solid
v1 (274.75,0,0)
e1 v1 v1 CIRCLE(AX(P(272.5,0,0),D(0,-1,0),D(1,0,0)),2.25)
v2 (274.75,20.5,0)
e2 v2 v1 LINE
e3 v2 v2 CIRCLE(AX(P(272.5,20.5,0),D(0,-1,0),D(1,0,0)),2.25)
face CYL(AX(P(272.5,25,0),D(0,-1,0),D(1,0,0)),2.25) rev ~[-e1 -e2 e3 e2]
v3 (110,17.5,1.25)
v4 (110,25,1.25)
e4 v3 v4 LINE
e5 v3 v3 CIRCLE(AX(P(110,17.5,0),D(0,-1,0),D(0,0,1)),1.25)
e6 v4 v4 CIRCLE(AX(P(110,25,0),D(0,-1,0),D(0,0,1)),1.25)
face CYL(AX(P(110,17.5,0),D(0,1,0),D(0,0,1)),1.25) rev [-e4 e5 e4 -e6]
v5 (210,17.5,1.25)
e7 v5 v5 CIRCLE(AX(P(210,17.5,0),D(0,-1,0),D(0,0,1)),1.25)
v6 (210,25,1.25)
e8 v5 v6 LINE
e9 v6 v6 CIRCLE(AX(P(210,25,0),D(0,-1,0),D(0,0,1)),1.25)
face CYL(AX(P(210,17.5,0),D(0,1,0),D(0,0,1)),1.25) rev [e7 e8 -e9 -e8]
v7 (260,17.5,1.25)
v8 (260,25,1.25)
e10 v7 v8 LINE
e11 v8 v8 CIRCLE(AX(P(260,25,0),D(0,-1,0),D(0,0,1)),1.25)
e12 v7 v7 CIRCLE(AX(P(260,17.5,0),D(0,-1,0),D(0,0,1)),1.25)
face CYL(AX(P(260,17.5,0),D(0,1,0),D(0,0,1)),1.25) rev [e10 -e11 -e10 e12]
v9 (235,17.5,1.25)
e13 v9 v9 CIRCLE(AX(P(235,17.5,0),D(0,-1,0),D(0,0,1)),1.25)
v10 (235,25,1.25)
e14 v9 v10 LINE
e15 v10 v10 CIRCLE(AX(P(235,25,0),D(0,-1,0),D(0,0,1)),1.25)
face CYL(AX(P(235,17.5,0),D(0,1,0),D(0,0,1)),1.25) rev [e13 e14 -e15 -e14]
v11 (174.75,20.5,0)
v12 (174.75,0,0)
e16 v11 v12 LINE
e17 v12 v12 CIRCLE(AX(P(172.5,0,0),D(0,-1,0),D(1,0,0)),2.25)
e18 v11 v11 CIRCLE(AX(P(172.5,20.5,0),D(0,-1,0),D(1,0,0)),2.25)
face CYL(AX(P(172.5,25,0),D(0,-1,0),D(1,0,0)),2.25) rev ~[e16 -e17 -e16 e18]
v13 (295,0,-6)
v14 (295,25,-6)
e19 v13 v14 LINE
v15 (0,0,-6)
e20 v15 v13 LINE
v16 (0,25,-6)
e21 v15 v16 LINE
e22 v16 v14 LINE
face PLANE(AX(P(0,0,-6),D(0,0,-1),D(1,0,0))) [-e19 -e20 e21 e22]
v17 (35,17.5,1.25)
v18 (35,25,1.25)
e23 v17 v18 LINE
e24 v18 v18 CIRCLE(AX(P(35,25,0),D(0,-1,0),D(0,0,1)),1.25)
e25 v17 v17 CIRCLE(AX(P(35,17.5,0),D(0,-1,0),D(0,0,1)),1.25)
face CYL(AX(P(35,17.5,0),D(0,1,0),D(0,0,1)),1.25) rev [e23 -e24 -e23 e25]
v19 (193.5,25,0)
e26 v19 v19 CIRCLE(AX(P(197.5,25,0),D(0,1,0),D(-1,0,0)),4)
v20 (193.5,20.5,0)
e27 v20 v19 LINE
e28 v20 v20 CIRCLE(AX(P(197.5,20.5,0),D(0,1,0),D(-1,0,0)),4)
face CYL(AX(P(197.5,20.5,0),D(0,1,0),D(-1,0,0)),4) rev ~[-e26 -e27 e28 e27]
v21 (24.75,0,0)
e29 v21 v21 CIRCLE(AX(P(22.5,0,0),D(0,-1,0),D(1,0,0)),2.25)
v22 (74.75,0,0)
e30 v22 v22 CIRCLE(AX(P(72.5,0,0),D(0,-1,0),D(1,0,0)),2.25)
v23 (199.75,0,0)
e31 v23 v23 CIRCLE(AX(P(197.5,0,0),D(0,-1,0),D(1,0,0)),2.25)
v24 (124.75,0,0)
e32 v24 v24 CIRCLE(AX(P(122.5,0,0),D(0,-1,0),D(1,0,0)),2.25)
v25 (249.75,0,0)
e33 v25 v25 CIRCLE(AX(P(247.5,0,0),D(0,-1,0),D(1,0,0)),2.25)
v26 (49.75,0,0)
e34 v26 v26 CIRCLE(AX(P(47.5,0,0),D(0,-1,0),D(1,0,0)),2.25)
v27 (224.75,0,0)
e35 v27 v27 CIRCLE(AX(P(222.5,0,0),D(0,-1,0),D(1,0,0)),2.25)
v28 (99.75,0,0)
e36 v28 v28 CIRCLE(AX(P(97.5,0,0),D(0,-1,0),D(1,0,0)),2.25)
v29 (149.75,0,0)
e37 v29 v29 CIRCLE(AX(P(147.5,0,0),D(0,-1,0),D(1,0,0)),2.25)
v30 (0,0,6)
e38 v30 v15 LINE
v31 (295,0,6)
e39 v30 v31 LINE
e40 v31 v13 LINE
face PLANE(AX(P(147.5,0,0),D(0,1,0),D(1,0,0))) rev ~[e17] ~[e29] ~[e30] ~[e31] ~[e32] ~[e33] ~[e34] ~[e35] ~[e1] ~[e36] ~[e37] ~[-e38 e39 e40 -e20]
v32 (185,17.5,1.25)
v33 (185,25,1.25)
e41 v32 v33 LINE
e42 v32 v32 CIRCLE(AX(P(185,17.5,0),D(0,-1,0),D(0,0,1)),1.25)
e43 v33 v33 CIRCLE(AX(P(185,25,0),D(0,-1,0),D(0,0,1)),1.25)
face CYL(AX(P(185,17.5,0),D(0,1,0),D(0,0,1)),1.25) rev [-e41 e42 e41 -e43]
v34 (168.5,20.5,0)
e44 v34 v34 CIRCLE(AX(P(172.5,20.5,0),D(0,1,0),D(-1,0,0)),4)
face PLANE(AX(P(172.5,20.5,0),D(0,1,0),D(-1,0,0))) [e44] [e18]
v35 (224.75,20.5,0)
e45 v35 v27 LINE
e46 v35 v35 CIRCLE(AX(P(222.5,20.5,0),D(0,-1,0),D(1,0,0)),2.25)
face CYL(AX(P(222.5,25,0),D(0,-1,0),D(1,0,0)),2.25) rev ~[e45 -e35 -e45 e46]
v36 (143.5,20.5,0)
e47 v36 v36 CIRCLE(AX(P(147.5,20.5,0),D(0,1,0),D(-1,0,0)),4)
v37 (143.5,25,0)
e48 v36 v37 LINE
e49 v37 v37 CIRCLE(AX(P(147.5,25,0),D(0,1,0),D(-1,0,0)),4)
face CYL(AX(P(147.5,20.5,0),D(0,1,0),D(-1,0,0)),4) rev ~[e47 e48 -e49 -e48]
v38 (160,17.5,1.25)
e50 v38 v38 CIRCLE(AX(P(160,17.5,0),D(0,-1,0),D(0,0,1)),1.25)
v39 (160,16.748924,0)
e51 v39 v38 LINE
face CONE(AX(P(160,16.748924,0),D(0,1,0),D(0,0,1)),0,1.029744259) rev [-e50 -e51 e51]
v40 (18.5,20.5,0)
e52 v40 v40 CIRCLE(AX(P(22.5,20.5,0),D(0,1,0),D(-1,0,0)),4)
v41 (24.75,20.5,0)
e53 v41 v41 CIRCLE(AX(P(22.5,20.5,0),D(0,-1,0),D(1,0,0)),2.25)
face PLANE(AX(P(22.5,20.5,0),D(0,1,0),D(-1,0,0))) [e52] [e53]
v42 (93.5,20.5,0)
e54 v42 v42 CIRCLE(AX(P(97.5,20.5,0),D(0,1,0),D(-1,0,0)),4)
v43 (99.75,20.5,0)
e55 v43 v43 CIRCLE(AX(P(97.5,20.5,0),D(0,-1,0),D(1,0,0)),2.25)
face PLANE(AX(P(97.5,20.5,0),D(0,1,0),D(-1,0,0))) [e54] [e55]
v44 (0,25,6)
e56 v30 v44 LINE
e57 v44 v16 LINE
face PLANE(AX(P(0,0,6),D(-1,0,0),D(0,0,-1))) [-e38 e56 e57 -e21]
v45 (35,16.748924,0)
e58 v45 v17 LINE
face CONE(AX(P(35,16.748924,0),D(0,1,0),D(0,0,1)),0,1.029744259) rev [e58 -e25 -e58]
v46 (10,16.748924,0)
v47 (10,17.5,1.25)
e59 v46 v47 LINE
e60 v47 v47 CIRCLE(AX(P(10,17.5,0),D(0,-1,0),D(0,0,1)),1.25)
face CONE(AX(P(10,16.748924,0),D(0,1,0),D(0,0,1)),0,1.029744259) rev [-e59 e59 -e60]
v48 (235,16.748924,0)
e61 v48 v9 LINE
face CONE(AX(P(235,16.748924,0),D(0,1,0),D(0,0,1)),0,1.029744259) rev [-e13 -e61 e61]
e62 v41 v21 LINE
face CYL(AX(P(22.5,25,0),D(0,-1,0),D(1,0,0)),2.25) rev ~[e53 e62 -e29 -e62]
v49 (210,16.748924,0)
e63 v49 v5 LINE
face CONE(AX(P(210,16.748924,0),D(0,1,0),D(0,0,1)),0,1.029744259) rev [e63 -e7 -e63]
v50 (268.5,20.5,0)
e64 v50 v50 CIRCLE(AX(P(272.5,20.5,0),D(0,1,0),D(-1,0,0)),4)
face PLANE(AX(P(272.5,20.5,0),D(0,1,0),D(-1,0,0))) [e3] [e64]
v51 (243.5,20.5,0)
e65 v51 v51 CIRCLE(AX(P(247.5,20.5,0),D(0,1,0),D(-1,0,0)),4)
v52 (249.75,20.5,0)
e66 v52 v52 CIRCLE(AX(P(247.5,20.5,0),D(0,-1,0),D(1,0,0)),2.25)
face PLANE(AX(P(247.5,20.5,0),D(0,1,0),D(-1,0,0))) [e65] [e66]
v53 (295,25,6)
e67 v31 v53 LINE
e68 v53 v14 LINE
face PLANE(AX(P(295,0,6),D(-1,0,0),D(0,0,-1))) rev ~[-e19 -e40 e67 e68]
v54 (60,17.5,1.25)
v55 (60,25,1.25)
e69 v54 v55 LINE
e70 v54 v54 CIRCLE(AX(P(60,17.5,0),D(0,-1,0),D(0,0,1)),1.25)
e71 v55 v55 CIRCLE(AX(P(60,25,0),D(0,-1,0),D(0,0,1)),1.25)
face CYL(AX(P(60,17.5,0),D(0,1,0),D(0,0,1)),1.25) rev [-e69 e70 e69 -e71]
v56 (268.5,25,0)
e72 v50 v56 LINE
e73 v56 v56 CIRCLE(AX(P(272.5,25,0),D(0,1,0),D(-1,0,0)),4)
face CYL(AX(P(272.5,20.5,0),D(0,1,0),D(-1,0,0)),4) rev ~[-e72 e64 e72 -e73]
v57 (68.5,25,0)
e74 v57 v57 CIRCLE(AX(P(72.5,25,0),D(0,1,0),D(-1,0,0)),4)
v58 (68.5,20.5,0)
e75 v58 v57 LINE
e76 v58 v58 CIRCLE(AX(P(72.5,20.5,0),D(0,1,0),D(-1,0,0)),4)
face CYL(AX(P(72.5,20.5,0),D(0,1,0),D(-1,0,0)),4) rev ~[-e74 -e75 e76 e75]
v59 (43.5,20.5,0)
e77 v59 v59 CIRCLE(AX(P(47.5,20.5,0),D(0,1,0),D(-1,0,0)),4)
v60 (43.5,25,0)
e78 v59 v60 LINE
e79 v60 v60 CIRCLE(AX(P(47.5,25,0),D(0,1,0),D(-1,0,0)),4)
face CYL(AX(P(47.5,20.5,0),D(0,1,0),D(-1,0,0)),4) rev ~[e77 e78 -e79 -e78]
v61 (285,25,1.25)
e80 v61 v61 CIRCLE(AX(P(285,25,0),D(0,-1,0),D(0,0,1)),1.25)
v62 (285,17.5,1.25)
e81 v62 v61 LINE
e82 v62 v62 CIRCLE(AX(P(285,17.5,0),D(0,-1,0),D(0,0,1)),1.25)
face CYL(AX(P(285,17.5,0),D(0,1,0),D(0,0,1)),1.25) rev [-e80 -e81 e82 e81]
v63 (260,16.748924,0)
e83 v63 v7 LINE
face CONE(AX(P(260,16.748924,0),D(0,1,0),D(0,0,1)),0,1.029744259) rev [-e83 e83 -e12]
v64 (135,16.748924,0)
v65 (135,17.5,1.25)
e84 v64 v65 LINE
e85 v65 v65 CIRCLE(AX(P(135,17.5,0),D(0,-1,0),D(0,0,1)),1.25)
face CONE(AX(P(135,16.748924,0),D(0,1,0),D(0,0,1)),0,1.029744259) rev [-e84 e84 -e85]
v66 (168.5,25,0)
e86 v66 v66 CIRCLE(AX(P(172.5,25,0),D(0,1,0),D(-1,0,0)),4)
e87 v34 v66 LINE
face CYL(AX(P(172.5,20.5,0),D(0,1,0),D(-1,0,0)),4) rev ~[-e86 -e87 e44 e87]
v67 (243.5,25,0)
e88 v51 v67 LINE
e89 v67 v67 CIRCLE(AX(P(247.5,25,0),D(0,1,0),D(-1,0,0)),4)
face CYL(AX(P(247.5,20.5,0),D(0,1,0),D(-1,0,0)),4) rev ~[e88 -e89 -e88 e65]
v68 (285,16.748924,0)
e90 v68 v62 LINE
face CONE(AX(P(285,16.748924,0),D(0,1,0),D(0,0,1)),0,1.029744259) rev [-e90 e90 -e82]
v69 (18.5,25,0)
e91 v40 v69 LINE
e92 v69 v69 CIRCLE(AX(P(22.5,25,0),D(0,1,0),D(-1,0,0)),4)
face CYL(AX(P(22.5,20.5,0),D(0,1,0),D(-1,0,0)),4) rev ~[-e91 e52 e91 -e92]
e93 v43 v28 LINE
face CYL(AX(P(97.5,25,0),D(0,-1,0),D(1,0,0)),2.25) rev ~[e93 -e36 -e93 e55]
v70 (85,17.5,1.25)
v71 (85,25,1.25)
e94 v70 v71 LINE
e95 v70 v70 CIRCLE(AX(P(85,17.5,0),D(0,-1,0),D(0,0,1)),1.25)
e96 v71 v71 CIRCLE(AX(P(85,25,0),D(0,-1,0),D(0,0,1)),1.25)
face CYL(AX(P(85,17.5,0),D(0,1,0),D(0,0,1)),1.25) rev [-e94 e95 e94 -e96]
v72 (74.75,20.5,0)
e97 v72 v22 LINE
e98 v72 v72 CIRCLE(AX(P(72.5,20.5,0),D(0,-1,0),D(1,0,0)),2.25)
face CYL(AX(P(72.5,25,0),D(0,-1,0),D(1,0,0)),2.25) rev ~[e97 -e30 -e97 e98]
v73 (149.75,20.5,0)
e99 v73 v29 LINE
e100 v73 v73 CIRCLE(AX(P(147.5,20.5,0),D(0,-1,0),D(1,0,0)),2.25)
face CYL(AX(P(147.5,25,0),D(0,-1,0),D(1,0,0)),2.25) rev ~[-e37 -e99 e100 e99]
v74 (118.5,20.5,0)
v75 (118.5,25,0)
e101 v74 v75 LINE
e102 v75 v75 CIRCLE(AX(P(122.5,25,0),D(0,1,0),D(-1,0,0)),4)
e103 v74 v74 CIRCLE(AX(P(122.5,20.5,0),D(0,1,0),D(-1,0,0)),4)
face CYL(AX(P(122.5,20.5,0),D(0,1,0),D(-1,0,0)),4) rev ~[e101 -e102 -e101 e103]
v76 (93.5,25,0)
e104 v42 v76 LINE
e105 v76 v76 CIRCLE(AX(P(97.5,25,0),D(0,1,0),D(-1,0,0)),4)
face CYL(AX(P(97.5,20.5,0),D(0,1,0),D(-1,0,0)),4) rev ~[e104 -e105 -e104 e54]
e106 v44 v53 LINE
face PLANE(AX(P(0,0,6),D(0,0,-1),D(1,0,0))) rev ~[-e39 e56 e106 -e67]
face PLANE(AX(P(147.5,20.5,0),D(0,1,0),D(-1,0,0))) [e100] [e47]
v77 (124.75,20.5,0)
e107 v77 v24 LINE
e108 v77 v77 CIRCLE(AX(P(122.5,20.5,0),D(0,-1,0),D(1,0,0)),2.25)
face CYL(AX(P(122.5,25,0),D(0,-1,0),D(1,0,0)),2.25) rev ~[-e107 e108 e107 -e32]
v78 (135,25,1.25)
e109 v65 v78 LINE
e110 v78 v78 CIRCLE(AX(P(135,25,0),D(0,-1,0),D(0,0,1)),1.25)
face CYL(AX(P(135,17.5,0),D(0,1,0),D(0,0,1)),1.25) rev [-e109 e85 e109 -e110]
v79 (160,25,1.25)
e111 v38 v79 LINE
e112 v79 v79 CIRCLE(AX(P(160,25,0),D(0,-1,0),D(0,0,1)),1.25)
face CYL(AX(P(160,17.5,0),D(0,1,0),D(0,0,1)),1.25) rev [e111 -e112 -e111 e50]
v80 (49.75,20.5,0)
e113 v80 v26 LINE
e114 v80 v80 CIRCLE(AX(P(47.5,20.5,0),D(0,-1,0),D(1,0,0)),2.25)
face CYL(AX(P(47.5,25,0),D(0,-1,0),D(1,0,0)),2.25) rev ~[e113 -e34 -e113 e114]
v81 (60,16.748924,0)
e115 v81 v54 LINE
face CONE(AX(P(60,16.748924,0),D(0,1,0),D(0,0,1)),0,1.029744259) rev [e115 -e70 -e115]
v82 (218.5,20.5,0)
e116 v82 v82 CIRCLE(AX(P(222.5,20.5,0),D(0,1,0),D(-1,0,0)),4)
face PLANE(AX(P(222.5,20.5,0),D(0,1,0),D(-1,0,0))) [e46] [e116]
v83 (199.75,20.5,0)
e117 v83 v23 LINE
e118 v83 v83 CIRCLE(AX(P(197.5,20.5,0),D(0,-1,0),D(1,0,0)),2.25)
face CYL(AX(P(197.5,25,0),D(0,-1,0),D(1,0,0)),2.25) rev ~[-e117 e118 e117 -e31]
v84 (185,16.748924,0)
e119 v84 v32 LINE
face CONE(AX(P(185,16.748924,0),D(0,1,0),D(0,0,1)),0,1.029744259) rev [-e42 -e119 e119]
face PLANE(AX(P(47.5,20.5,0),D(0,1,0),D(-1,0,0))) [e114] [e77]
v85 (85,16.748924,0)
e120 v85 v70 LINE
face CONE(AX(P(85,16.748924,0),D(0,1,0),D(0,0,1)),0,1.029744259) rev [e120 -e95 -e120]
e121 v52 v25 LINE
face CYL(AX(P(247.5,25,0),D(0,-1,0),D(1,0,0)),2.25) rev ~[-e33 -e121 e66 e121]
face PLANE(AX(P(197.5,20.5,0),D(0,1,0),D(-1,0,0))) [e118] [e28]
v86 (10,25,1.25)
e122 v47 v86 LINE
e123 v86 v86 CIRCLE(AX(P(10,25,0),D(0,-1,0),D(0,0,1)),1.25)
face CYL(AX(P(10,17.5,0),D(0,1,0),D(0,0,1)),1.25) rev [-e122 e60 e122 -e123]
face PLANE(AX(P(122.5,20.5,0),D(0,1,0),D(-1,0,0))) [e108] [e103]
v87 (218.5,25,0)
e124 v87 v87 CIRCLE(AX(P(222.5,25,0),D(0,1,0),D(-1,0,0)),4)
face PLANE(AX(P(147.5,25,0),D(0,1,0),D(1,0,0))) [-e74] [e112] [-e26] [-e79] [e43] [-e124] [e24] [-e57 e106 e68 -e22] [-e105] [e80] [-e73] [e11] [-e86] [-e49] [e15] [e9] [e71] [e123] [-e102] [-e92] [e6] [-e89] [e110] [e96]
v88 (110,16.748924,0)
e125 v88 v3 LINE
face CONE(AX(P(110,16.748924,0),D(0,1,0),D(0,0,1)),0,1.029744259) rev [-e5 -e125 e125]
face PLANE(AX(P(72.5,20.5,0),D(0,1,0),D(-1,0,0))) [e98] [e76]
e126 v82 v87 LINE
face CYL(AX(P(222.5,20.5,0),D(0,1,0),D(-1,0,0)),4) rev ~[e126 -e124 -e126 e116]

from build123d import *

# Parameters (mm, degrees)
SKETCH_2_W                   = 295
SKETCH_2_H                   = 12
EXTRUDE_1_DEPTH              = 25
PATTERN_LINEAR_1_COUNT       = 12
PATTERN_LINEAR_1_PITCH       = 25
HOLE_WIZARD_M4_1_D           = 4.5
HOLE_WIZARD_M4_1_CBORE_D     = 8
HOLE_WIZARD_M4_1_CBORE_DEPTH = 4.5
PATTERN_LINEAR_2_COUNT       = 11
PATTERN_LINEAR_2_PITCH       = 25


with BuildPart() as part:
    # 草图2 → 拉伸1 (new body)
    with BuildSketch(Plane(origin=(0, 0, 0), x_dir=(1, 0, 0), z_dir=(0, 1, 0))):
        with Locations((147.5, 0)):
            Rectangle(SKETCH_2_W, SKETCH_2_H)
    extrude(amount=EXTRUDE_1_DEPTH)

    # 草图4 → M3 螺纹孔1 (revolve, cut)
    with BuildSketch(Plane(origin=(10, 25, 0), x_dir=(0, 0, 1), z_dir=(1, 0, 0))):
        Polygon((0, 0), (0, 8.251075774), (1.25, 7.5), (1.25, 0), align=None)
    hole_wizard_m3_1 = revolve(axis=Axis((10, 31.35, 0), (0, -1, 0)), mode=Mode.SUBTRACT)

    # 阵列(线性)1: M3 螺纹孔1 ×12
    with Locations(*[(i * PATTERN_LINEAR_1_PITCH, 0, 0) for i in range(1, PATTERN_LINEAR_1_COUNT)]):
        add(hole_wizard_m3_1, mode=Mode.SUBTRACT)

    # M4 六角凹头螺钉的柱形沉头孔1 (through all)
    with Locations(Plane(origin=(262.846314279, 25, 7.813441093), x_dir=(-1, 0, 0), z_dir=(0, 1, 0))):
        with Locations((240.346314279, -7.813441093)):
            hole_wizard_m4_1 = CounterBoreHole(HOLE_WIZARD_M4_1_D / 2, HOLE_WIZARD_M4_1_CBORE_D / 2, HOLE_WIZARD_M4_1_CBORE_DEPTH)

    # 阵列(线性)2: M4 六角凹头螺钉的柱形沉头孔1 ×11
    with Locations(*[(i * PATTERN_LINEAR_2_PITCH, 0, 0) for i in range(1, PATTERN_LINEAR_2_COUNT)]):
        add(hole_wizard_m4_1, mode=Mode.SUBTRACT)


solid = part.part
